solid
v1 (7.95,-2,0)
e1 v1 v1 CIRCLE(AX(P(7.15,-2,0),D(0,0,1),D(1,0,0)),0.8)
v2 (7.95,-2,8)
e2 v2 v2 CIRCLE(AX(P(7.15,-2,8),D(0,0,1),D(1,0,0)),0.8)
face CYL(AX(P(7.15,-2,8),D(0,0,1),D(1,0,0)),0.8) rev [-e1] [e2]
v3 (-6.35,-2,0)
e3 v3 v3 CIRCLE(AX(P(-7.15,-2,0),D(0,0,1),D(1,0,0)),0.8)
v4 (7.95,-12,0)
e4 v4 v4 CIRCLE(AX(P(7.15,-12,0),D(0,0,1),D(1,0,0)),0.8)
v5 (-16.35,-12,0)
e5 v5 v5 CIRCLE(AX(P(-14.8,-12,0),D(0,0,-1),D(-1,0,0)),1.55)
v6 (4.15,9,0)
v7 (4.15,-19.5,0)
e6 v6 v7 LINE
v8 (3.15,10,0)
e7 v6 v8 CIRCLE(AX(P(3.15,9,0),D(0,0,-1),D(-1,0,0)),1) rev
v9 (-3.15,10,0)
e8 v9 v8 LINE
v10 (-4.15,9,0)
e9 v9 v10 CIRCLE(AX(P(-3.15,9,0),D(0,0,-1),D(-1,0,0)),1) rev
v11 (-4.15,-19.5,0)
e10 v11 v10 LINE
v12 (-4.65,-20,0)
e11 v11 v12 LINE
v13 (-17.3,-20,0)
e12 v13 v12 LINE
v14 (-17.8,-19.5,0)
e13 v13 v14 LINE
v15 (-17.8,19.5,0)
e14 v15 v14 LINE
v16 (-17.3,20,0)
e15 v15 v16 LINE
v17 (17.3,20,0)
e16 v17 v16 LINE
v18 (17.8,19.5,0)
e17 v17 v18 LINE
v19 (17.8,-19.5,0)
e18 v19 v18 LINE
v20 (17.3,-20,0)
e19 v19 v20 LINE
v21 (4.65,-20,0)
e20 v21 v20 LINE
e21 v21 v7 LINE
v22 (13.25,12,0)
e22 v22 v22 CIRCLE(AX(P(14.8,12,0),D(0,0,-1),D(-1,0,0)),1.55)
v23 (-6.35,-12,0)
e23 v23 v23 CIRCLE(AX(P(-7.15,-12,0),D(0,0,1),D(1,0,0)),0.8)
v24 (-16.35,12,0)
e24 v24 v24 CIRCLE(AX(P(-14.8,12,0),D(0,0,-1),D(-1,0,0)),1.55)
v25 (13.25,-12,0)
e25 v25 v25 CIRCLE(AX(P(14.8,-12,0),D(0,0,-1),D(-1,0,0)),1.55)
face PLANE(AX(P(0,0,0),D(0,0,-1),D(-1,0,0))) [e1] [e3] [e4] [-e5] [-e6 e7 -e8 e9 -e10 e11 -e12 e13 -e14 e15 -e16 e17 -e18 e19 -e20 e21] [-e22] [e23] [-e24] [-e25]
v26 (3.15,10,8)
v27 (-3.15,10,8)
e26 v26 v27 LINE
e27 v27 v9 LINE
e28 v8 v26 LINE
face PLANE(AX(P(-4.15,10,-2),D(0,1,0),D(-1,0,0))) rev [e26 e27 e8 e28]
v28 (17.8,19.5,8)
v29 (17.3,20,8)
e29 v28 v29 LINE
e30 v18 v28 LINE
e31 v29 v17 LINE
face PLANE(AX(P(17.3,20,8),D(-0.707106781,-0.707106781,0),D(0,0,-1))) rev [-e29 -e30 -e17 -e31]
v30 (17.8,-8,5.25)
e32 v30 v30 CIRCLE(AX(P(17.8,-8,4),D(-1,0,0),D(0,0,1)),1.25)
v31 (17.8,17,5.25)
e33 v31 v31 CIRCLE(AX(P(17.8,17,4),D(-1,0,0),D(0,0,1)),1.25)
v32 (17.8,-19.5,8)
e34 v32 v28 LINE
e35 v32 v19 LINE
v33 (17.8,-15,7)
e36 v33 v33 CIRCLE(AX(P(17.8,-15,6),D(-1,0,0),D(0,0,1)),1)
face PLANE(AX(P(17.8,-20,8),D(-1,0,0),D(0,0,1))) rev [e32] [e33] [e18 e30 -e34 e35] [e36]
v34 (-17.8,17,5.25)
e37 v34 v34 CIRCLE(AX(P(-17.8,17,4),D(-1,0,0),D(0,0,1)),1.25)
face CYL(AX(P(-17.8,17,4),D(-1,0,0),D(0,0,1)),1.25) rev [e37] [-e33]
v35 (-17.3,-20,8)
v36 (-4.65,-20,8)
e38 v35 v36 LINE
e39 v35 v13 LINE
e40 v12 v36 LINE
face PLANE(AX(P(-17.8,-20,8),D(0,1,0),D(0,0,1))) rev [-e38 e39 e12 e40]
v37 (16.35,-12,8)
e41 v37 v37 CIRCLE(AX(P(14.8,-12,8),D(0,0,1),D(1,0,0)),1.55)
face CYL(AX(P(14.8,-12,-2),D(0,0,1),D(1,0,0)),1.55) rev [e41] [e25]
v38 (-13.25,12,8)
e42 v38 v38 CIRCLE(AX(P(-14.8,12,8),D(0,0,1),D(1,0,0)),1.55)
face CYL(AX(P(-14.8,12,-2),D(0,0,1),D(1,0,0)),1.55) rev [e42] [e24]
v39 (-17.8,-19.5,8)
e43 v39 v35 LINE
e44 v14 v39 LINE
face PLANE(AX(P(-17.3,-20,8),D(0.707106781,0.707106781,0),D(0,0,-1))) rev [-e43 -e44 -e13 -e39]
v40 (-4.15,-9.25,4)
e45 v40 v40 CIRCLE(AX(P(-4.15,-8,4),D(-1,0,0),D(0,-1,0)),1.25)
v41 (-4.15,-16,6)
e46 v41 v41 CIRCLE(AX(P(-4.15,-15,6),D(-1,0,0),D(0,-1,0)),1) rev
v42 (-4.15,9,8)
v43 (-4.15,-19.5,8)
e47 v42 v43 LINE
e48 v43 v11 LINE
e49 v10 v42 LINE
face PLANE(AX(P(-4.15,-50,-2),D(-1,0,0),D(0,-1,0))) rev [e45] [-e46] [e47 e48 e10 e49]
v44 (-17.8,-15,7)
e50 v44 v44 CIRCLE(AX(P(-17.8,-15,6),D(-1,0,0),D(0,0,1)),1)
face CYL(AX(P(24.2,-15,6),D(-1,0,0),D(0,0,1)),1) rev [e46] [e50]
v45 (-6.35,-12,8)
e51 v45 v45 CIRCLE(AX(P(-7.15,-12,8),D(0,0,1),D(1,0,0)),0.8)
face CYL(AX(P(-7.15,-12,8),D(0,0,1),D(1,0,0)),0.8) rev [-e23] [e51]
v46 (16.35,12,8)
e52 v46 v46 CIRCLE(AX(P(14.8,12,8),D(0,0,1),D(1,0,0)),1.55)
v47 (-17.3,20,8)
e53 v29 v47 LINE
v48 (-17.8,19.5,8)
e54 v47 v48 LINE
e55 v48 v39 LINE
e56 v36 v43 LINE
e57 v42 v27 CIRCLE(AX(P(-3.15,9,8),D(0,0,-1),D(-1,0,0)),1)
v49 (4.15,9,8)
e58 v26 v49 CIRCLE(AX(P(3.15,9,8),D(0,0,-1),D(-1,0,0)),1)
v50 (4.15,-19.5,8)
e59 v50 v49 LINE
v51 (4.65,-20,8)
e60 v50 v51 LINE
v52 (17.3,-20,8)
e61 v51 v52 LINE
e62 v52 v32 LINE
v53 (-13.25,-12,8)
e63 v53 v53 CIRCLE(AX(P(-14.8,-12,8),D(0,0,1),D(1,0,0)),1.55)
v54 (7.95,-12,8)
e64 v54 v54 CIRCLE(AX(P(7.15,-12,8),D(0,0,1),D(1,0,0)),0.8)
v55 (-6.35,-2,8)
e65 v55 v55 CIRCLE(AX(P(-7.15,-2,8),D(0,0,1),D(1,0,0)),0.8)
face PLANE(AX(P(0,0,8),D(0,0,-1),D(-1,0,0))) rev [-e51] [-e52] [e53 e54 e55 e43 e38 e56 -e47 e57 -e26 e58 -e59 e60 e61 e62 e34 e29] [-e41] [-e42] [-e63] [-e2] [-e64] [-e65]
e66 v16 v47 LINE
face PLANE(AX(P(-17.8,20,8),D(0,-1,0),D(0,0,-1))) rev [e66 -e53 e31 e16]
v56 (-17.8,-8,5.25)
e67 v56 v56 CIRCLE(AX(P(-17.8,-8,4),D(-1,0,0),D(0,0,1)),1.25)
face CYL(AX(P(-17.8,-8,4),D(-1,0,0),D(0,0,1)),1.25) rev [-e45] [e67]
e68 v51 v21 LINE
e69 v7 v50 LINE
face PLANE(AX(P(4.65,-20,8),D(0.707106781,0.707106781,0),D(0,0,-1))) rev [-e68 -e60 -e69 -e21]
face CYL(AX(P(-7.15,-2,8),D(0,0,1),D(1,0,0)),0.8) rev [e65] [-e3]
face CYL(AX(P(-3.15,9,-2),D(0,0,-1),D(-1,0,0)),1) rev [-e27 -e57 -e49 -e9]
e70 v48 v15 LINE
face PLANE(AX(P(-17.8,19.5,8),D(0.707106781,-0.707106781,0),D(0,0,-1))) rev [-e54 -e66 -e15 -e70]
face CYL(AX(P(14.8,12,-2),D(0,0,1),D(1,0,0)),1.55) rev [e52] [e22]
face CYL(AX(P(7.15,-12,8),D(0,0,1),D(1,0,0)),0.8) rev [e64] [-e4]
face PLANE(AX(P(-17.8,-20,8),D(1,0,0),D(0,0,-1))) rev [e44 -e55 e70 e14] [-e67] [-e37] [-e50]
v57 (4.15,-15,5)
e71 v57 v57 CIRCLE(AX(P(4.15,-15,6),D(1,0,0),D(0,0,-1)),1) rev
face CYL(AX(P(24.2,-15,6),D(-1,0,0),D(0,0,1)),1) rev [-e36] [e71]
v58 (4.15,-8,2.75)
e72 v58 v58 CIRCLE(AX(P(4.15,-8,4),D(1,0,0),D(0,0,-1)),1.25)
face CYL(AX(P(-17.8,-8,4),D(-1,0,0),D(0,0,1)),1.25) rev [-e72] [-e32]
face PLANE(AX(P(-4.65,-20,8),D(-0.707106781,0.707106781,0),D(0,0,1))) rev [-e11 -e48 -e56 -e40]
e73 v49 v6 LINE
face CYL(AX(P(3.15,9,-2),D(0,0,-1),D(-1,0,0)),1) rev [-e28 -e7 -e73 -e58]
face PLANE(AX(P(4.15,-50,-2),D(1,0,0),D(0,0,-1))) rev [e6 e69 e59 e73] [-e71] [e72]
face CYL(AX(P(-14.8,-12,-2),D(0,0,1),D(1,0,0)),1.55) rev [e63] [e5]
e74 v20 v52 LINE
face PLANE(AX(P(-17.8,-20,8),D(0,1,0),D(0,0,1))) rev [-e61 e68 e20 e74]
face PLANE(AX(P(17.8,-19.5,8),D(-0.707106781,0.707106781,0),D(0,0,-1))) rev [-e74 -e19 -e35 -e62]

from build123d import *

# Parameters (mm, degrees)
SKETCH_1_W          = 35.6
SKETCH_1_H          = 40
EXTRUDE_1_DEPTH     = 8
SKETCH_5_R          = 1
CUT_EXTRUDE_1_DEPTH = 42
SKETCH_6_W          = 8.3
SKETCH_6_H          = 60
CUT_EXTRUDE_2_DEPTH = 10
SKETCH_2_R          = 1.55
CUT_EXTRUDE_3_DEPTH = 10
HOLE_WIZARD_M2_1_D  = 1.6
HOLE_WIZARD_M3_2_D  = 2.5
FILLET_1_R          = 1
CHAMFER_1_SIZE      = 0.5


with BuildPart() as part:
    # 草图1 → 凸台-拉伸1 (new body)
    with BuildSketch(Plane.XY):
        Rectangle(SKETCH_1_W, SKETCH_1_H)
    extrude(amount=EXTRUDE_1_DEPTH)

    # 草图5 → 切除-拉伸1 (cut)
    with BuildSketch(Plane.ZY.offset(17.8)):
        with Locations((6, -15)):
            Circle(SKETCH_5_R)
    extrude(amount=-CUT_EXTRUDE_1_DEPTH, mode=Mode.SUBTRACT)

    # 草图6 → 切除-拉伸2 (cut)
    with BuildSketch(Plane.XY.offset(8)):
        with Locations((0, -20)):
            Rectangle(SKETCH_6_W, SKETCH_6_H)
    extrude(amount=-CUT_EXTRUDE_2_DEPTH, mode=Mode.SUBTRACT)

    # 草图2 → 切除-拉伸3 (cut)
    with BuildSketch(Plane.XY.offset(8)):
        with Locations((14.8, 12)):
            Circle(SKETCH_2_R)
        with Locations((-14.8, 12)):
            Circle(SKETCH_2_R)
        with Locations((-14.8, -12)):
            Circle(SKETCH_2_R)
        with Locations((14.8, -12)):
            Circle(SKETCH_2_R)
    extrude(amount=-CUT_EXTRUDE_3_DEPTH, mode=Mode.SUBTRACT)

    # M2 螺纹孔1 (through all)
    with Locations(Plane.XY.offset(8)):
        with Locations((-7.15, -12), (-7.15, -2)):
            hole_wizard_m2_1 = Hole(HOLE_WIZARD_M2_1_D / 2)

    # 镜向1: M2 螺纹孔1 across plane
    add(hole_wizard_m2_1.mirror(Plane(origin=(0, 0, 0), x_dir=(0, 0, 1), z_dir=(1, 0, 0))), mode=Mode.SUBTRACT)

    # M3 螺纹孔2 (through all)
    with Locations(Plane.ZY.offset(17.8)):
        with Locations((4, 17), (4, -8)):
            Hole(HOLE_WIZARD_M3_2_D / 2)

    # 圆角1
    fillet_1_edges = [part.edges().sort_by_distance(p)[0] for p in [
        (4.15, 10, 4),
        (-4.15, 10, 4),
    ]]
    fillet(fillet_1_edges, radius=FILLET_1_R)

    # 倒角1
    chamfer_1_edges = [part.edges().sort_by_distance(p)[0] for p in [
        (4.15, -20, 4),
        (-4.15, -20, 4),
        (17.8, -20, 4),
        (-17.8, -20, 4),
        (-17.8, 20, 4),
        (17.8, 20, 4),
    ]]
    chamfer(chamfer_1_edges, length=CHAMFER_1_SIZE)


solid = part.part
